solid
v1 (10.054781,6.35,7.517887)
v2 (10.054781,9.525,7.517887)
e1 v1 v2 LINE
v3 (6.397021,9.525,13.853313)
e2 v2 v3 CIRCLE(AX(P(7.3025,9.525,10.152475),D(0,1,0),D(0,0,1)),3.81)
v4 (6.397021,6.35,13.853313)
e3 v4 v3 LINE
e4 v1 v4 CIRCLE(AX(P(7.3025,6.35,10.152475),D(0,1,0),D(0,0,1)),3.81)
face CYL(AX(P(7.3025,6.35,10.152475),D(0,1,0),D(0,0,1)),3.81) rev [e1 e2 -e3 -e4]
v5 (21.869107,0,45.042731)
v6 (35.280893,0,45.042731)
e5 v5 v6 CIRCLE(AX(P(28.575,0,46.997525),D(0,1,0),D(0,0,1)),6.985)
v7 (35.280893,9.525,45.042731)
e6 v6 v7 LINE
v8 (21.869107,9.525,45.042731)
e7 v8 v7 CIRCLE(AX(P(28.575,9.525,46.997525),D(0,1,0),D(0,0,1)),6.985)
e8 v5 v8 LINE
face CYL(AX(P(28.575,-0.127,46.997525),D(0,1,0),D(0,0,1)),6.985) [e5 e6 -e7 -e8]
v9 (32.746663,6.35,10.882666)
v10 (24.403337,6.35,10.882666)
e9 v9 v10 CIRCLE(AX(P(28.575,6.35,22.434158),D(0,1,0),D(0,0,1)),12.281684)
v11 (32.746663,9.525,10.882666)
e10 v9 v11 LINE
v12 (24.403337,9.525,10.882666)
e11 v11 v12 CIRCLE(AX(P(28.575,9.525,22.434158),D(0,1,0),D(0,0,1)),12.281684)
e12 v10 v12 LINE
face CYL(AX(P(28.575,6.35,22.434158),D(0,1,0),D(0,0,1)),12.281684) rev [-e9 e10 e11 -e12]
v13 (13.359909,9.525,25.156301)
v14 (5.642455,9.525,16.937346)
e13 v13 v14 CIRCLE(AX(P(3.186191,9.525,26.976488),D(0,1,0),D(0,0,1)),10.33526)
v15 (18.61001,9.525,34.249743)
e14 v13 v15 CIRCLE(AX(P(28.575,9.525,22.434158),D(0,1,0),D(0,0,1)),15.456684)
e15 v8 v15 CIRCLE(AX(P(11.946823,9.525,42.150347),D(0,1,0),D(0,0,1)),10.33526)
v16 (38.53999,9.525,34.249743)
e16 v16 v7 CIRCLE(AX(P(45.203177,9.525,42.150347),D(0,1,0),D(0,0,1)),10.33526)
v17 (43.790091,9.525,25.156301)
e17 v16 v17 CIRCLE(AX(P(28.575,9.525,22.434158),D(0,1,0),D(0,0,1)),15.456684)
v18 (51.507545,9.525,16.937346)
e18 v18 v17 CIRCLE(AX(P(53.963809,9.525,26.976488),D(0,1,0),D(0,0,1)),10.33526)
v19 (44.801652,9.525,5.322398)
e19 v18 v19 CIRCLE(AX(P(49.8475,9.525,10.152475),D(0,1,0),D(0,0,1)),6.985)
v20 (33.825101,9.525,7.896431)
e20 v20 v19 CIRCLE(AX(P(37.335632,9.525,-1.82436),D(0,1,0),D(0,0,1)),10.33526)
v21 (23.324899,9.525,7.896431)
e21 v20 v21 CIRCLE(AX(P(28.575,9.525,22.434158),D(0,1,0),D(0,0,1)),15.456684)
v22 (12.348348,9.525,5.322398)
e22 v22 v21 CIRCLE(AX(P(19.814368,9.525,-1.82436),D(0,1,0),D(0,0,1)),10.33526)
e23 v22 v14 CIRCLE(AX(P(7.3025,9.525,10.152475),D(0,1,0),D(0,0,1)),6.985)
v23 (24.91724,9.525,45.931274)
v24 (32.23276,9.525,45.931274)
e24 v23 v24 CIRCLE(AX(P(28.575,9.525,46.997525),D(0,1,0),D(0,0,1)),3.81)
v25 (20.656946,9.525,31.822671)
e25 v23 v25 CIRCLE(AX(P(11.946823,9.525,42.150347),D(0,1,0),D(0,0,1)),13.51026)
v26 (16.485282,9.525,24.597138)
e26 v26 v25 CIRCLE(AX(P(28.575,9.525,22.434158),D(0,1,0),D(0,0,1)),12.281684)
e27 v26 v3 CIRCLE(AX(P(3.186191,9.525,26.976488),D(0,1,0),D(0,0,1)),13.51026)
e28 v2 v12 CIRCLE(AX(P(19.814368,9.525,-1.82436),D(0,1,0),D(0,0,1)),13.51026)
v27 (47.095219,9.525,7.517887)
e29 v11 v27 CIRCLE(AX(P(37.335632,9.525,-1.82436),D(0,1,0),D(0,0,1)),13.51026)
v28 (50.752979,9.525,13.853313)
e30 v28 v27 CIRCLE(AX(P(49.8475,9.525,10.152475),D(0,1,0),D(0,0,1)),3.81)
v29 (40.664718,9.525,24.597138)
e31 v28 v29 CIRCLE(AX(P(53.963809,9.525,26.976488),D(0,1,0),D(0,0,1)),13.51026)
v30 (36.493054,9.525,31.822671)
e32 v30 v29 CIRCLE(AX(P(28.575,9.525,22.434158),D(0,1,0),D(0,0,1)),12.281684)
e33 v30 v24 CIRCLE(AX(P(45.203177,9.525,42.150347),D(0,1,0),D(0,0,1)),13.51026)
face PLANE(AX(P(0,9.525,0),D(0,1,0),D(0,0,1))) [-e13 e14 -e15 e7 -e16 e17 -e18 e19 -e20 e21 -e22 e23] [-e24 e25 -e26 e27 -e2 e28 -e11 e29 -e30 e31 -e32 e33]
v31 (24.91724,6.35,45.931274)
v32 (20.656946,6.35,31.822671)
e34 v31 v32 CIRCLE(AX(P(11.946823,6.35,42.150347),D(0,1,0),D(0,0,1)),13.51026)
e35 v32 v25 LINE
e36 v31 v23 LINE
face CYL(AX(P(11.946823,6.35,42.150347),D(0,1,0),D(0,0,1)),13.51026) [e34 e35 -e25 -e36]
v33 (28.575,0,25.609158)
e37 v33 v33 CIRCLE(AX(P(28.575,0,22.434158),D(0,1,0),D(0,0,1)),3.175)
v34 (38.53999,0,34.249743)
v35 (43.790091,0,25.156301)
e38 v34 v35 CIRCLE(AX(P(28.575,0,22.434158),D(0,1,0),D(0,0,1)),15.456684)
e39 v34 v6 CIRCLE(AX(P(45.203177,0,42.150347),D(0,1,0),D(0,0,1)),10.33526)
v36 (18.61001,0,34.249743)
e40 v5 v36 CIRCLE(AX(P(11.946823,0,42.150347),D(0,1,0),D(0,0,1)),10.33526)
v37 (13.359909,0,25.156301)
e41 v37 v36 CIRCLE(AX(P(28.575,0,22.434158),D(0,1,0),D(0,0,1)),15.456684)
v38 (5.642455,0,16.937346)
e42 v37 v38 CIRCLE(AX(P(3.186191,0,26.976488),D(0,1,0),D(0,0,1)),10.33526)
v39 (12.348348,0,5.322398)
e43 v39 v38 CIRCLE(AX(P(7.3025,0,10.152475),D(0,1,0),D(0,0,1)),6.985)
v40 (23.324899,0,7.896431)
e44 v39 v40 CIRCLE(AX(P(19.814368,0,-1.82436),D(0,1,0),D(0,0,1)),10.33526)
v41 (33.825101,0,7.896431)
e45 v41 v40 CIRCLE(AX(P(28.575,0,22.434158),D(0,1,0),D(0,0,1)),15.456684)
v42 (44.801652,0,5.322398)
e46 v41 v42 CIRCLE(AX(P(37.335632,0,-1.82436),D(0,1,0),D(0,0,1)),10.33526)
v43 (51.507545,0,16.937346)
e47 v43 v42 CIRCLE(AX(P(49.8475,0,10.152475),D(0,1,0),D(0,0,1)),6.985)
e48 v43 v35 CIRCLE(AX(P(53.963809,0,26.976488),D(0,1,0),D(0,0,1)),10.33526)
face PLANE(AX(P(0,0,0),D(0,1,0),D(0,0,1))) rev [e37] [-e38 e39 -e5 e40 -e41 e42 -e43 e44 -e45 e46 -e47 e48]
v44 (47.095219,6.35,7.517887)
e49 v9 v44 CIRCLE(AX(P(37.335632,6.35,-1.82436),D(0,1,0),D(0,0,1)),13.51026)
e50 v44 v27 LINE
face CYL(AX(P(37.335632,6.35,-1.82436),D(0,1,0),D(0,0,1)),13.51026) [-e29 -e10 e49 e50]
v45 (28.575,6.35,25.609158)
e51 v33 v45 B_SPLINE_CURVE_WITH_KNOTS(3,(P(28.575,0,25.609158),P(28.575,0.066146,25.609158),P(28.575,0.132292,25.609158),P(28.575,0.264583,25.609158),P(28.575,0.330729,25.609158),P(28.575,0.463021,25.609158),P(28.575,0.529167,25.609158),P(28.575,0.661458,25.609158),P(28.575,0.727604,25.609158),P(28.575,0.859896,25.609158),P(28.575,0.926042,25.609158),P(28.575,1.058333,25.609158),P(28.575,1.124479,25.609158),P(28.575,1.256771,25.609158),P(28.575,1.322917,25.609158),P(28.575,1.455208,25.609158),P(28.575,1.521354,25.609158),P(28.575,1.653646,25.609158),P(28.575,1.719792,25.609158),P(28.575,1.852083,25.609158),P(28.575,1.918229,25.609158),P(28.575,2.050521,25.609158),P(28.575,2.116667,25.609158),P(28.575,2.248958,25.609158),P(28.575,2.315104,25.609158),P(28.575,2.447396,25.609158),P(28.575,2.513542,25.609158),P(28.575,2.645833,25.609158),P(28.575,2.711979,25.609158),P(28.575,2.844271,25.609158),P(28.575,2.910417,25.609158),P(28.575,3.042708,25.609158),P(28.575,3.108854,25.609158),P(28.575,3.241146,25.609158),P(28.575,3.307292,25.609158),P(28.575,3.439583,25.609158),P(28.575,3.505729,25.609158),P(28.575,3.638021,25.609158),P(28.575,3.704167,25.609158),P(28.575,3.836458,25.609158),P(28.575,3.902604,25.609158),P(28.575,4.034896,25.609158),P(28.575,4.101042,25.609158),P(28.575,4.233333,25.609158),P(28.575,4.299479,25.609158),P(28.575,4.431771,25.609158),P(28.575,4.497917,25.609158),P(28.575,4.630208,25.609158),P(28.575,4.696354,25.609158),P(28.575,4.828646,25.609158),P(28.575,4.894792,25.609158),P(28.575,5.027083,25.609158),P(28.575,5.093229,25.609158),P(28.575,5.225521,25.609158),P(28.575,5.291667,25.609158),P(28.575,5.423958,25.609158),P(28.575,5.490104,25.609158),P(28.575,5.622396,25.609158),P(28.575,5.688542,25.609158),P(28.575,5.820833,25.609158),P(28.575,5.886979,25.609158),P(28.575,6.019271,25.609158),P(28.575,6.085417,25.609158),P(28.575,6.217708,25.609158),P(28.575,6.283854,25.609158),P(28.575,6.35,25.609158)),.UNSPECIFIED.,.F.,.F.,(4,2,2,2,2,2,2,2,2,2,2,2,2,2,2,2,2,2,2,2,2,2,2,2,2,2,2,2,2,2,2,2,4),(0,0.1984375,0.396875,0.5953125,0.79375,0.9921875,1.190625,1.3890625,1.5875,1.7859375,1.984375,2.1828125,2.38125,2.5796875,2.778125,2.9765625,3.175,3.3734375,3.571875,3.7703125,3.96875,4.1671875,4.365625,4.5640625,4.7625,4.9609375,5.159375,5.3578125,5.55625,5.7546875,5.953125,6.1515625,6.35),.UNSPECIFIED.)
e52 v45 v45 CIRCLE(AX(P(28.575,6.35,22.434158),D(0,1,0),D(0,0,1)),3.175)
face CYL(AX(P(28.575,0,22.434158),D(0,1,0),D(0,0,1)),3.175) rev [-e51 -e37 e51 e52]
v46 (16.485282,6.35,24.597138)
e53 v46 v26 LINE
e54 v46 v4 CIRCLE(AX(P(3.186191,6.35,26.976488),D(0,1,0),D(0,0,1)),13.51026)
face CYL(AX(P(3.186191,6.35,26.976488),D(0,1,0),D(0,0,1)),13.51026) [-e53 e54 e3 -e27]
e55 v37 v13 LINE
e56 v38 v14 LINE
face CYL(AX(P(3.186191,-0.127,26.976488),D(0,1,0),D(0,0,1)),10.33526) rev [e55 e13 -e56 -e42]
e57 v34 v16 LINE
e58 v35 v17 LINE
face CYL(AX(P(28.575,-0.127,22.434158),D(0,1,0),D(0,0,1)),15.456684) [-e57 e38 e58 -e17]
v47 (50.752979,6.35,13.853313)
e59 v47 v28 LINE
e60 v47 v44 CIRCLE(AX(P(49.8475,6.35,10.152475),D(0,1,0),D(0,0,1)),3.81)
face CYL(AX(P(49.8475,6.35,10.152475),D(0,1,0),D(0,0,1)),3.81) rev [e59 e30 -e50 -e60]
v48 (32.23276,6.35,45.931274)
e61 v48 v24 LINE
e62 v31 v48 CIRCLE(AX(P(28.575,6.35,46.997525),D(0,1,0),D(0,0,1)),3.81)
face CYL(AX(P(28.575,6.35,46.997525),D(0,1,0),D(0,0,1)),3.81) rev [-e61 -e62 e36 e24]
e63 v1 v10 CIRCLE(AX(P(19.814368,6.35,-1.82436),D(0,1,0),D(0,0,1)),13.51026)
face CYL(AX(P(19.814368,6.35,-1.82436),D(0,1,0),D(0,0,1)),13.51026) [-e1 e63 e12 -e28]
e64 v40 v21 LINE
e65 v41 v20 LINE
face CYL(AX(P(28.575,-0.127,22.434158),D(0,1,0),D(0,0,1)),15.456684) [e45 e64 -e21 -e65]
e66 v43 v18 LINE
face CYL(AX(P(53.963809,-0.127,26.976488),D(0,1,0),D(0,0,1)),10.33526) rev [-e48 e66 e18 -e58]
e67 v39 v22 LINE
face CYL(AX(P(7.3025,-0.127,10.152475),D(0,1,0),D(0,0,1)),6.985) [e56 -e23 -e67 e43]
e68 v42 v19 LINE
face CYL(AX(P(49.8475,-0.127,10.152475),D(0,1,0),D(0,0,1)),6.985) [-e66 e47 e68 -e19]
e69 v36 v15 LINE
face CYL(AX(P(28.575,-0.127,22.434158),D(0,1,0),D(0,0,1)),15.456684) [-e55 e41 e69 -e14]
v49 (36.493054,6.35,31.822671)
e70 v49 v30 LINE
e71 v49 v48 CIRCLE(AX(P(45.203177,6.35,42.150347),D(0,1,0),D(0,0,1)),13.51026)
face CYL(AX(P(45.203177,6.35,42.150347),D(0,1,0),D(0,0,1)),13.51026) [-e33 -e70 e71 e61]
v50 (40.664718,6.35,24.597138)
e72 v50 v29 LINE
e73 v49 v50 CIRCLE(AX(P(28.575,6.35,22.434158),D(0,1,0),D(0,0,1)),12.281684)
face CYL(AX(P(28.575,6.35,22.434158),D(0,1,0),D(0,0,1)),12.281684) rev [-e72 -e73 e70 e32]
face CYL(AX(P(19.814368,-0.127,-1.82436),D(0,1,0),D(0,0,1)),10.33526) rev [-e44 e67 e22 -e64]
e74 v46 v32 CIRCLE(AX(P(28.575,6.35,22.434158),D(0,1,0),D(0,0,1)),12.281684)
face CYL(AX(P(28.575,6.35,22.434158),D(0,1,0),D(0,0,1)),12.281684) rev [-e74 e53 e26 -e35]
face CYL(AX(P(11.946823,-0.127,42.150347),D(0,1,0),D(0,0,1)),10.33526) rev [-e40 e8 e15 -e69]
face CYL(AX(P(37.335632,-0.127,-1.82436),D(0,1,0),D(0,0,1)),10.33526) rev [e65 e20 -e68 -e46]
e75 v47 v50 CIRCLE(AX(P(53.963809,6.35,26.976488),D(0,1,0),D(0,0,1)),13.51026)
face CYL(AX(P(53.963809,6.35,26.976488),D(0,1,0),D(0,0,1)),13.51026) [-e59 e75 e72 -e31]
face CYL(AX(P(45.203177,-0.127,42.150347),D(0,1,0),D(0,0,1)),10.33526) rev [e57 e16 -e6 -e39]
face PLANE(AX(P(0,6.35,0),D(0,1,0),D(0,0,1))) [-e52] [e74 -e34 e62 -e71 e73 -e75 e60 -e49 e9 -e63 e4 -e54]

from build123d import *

# Parameters (mm, degrees)
SKETCH1_W           = 57.15
SKETCH1_H           = 57.15
BOSS_EXTRUDE1_DEPTH = 9.525
SKETCH5_R           = 12.281683601
SKETCH5_R_2         = 3.302
CUT_EXTRUDE1_DEPTH  = 3.175
SKETCH7_W           = 57.15
SKETCH7_H           = 57.15
CUT_EXTRUDE2_DEPTH  = 9.652
SKETCH10_R          = 3.175
CUT_EXTRUDE4_DEPTH  = 79.640756641


with BuildPart() as part:
    # Sketch1 → Boss-Extrude1 (new body)
    with BuildSketch(Plane(origin=(0, 0, 0), x_dir=(1, 0, 0), z_dir=(0, 1, 0))):
        with Locations((28.575, -28.575)):
            Rectangle(SKETCH1_W, SKETCH1_H)
    extrude(amount=BOSS_EXTRUDE1_DEPTH)

    # Sketch5 → Cut-Extrude1 (cut)
    # profile 1 of 5: a face of its own
    with BuildSketch(Plane(origin=(0, 9.525, 0), x_dir=(1, 0, 0), z_dir=(0, 1, 0))):
        with BuildLine():
            ThreePointArc((32.232759975, -45.931274041), (32.269707879, -38.244901062), (36.493054182, -31.822670864))
            ThreePointArc((36.493054182, -31.822670864), (28.575, -34.715841801), (20.656945818, -31.822670864))
            ThreePointArc((20.656945818, -31.822670864), (24.880292121, -38.244901062), (24.917240025, -45.931274041))
            ThreePointArc((24.917240025, -45.931274041), (28.575, -50.807525402), (32.232759975, -45.931274041))
        make_face()
    # profile 2 of 5: a face of its own
    with BuildSketch(Plane(origin=(0, 9.525, 0), x_dir=(1, 0, 0), z_dir=(0, 1, 0))):
        with Locations((28.575, -22.434158199)):
            Circle(SKETCH5_R)
        with Locations((28.575, -22.434158199)):
            Circle(SKETCH5_R_2, mode=Mode.SUBTRACT)
    # profile 3 of 5: a face of its own
    with BuildSketch(Plane(origin=(0, 9.525, 0), x_dir=(1, 0, 0), z_dir=(0, 1, 0))):
        with Locations((28.575, -22.434158199)):
            Circle(SKETCH5_R_2)
    # profile 4 of 5: a face of its own
    with BuildSketch(Plane(origin=(0, 9.525, 0), x_dir=(1, 0, 0), z_dir=(0, 1, 0))):
        with BuildLine():
            ThreePointArc((16.485282438, -24.597137937), (17.93875, -16.293316399), (24.403336619, -10.882665797))
            ThreePointArc((24.403336619, -10.882665797), (16.729848967, -11.329075886), (10.054780753, -7.517887219))
            ThreePointArc((10.054780753, -7.517887219), (4.002943212, -8.247474598), (6.397020778, -13.853313338))
            ThreePointArc((6.397020778, -13.853313338), (13.035141089, -17.72849765), (16.485282438, -24.597137937))
        make_face()
    # profile 5 of 5: a face of its own
    with BuildSketch(Plane(origin=(0, 9.525, 0), x_dir=(1, 0, 0), z_dir=(0, 1, 0))):
        with BuildLine():
            ThreePointArc((32.746663381, -10.882665797), (38.626736214, -15.377080109), (40.856683601, -22.434158199))
            ThreePointArc((40.856683601, -22.434158199), (40.808597958, -23.519898995), (40.664717562, -24.597137937))
            ThreePointArc((40.664717562, -24.597137937), (44.114858911, -17.72849765), (50.752979222, -13.853313338))
            ThreePointArc((50.752979222, -13.853313338), (53.147056788, -8.247474598), (47.095219247, -7.517887219))
            ThreePointArc((47.095219247, -7.517887219), (40.420151033, -11.329075886), (32.746663381, -10.882665797))
        make_face()
    extrude(amount=-CUT_EXTRUDE1_DEPTH, mode=Mode.SUBTRACT)

    # Sketch7 → Cut-Extrude2 (cut)
    with BuildSketch(Plane(origin=(0, 9.525, 0), x_dir=(1, 0, 0), z_dir=(0, 1, 0))):
        with Locations((28.575, -28.575)):
            Rectangle(SKETCH7_W, SKETCH7_H)
        with BuildLine():
            ThreePointArc((12.348348048, -5.322397737), (1.253312555, -6.659974598), (5.64245476, -16.937345621))
            ThreePointArc((5.64245476, -16.937345621), (10.720573118, -19.901836121), (13.359908547, -25.156300743))
            ThreePointArc((13.359908547, -25.156300743), (15.189119343, -30.1625), (18.610009678, -34.249742647))
            ThreePointArc((18.610009678, -34.249742647), (21.840841809, -39.162706489), (21.869106713, -45.042731239))
            ThreePointArc((21.869106713, -45.042731239), (28.575, -53.982525402), (35.280893287, -45.042731239))
            ThreePointArc((35.280893287, -45.042731239), (35.309158191, -39.162706489), (38.539990322, -34.249742647))
            ThreePointArc((38.539990322, -34.249742647), (41.960880657, -30.1625), (43.790091453, -25.156300743))
            ThreePointArc((43.790091453, -25.156300743), (46.429426882, -19.901836121), (51.50754524, -16.937345621))
            ThreePointArc((51.50754524, -16.937345621), (55.896687445, -6.659974598), (44.801651952, -5.322397737))
            ThreePointArc((44.801651952, -5.322397737), (39.695268692, -8.237931989), (33.825101131, -7.896431208))
            ThreePointArc((33.825101131, -7.896431208), (28.575, -6.977474598), (23.324898869, -7.896431208))
            ThreePointArc((23.324898869, -7.896431208), (17.454731308, -8.237931989), (12.348348048, -5.322397737))
        make_face(mode=Mode.SUBTRACT)
    extrude(amount=-CUT_EXTRUDE2_DEPTH, mode=Mode.SUBTRACT)

    # Sketch10 → Cut-Extrude4 (cut, through all)
    with BuildSketch(Plane(origin=(0, 6.35, 0), x_dir=(1, 0, 0), z_dir=(0, 1, 0))):
        with Locations(Location((28.575, -22.434158199, 0), (0, 0, 270))):
            Circle(SKETCH10_R)
    extrude(amount=-CUT_EXTRUDE4_DEPTH, mode=Mode.SUBTRACT)


solid = part.part
